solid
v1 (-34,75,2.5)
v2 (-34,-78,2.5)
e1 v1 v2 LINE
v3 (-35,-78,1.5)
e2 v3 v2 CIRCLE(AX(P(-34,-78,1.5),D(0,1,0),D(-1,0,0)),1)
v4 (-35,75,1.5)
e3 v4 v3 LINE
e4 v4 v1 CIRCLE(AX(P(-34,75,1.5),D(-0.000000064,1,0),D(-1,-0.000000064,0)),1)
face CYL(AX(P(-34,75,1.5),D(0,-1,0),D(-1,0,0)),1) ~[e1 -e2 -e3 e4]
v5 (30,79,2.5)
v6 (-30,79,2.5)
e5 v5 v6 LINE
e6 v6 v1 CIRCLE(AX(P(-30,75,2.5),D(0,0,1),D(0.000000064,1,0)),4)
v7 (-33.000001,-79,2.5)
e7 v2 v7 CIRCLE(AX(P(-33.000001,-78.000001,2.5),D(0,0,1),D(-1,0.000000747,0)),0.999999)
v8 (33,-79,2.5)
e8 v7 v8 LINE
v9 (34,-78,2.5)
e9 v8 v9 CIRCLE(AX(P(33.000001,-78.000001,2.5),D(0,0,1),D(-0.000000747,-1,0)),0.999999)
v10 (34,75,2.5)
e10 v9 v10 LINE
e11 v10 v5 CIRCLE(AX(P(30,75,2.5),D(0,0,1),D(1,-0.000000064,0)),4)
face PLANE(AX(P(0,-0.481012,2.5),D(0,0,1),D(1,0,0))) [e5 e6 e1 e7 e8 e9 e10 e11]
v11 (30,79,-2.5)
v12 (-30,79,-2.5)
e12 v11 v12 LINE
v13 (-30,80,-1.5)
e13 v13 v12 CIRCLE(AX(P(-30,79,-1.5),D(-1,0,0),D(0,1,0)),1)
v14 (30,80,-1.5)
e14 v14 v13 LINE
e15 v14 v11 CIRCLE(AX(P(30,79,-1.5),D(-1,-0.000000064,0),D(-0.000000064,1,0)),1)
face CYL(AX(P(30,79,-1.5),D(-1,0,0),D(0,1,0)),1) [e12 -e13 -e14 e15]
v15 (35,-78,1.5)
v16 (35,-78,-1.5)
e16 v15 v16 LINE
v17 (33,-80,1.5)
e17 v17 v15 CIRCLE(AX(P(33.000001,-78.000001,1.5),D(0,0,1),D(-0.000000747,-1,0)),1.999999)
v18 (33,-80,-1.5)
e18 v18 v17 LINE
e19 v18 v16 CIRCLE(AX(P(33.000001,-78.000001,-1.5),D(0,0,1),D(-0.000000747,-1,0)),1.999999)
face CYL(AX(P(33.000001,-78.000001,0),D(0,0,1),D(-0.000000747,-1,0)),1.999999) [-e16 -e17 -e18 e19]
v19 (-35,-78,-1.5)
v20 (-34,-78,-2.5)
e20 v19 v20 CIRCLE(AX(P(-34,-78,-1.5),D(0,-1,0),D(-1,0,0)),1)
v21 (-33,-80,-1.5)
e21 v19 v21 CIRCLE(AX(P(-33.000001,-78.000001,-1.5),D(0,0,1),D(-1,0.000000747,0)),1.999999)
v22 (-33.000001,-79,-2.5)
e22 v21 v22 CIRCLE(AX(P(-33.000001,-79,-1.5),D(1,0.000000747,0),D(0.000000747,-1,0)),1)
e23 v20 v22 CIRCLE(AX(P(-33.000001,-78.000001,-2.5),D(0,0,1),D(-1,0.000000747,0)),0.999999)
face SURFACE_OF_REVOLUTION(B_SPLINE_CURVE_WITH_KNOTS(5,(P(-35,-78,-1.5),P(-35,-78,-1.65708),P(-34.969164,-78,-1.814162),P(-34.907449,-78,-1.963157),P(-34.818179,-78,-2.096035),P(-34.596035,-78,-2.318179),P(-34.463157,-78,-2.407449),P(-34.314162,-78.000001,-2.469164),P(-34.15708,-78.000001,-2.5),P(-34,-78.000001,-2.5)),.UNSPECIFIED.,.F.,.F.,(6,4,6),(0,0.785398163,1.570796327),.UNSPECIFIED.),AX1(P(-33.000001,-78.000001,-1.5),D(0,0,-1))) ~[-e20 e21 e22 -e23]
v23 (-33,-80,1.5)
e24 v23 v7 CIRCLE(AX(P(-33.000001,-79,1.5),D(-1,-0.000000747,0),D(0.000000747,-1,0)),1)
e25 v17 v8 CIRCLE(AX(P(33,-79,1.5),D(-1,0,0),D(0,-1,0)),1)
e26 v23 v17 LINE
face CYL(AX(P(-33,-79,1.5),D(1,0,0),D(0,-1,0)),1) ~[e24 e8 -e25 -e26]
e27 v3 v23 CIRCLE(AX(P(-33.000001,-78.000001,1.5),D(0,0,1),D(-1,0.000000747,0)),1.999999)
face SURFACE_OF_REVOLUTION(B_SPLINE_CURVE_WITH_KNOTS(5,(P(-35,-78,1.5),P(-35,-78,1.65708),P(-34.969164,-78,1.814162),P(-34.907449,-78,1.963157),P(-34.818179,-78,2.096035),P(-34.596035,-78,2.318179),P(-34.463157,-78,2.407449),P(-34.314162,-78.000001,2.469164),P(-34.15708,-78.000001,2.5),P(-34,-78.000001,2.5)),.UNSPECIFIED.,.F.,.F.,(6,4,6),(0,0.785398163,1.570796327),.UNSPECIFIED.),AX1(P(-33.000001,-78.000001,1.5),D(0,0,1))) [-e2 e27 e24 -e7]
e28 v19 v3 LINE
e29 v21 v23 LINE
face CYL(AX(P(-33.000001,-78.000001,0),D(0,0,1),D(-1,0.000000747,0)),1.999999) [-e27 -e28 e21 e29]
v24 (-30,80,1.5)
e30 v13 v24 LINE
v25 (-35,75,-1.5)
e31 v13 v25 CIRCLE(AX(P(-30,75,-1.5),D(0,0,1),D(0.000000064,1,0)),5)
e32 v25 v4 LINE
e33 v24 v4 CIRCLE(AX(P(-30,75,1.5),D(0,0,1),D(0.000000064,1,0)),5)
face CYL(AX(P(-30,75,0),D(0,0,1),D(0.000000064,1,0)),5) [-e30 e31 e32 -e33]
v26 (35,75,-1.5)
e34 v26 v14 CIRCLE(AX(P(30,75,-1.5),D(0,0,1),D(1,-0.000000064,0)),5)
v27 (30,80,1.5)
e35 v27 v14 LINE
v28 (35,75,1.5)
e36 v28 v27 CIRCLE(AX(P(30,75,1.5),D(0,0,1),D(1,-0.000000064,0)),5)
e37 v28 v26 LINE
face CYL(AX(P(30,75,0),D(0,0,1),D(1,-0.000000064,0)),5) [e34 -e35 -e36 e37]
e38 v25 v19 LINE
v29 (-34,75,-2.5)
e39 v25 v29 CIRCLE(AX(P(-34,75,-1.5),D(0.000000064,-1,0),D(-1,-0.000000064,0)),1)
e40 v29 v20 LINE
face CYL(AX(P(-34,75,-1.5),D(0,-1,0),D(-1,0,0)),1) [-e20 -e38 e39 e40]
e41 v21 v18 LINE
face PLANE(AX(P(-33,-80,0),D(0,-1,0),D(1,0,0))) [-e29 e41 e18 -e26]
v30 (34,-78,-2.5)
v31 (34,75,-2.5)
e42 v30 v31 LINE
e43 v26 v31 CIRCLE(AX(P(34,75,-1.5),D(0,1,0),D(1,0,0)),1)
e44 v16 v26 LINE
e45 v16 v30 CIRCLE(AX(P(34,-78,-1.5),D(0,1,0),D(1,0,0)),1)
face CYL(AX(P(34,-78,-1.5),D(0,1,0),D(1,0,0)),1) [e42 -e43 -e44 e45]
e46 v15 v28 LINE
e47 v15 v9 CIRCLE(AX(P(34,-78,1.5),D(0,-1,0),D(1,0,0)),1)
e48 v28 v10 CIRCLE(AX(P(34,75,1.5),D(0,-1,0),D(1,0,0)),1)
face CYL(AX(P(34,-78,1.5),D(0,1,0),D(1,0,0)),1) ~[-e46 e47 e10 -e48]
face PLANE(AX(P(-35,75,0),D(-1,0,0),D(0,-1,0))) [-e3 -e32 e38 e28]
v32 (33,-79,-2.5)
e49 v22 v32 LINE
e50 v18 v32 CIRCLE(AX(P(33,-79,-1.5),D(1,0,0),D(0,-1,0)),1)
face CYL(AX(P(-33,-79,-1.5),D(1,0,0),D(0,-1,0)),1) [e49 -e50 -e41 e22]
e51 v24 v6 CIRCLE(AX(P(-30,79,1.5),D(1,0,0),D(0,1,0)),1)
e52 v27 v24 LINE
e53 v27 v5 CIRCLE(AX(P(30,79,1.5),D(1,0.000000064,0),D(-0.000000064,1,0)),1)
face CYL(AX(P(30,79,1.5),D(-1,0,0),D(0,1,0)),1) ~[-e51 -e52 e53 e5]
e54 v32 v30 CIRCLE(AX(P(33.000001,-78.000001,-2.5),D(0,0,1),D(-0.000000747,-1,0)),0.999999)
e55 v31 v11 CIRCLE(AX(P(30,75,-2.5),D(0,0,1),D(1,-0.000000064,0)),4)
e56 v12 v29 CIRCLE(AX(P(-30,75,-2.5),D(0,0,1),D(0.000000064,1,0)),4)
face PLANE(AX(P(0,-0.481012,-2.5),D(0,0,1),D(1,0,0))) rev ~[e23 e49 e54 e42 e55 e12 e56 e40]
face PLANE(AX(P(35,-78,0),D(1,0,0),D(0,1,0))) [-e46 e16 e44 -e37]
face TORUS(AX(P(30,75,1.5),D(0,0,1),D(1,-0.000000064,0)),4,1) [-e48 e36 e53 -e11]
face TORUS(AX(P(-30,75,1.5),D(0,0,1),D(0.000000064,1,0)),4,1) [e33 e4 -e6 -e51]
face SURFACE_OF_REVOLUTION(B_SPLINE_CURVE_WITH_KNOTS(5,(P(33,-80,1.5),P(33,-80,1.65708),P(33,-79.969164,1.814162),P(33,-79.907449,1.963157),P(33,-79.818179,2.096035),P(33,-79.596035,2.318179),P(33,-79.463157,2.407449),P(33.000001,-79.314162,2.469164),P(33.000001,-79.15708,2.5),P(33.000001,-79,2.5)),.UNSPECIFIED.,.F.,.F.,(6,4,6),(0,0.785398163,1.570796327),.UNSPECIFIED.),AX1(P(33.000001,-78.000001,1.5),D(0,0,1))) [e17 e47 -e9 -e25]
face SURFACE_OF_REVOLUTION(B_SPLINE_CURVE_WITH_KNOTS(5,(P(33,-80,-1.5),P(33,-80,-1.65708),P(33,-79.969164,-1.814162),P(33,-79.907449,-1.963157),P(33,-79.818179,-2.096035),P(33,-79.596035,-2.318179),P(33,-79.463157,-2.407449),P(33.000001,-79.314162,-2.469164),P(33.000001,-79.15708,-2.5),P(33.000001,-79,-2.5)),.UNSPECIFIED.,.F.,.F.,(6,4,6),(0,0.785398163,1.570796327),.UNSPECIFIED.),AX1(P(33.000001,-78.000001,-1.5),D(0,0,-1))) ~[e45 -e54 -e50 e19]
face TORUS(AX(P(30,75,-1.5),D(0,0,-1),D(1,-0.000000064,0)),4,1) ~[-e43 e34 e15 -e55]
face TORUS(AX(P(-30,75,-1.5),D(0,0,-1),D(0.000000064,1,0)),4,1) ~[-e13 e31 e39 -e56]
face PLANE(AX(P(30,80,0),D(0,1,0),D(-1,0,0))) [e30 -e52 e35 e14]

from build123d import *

# Parameters (mm, degrees)
F1_DEPTH = 2.5
F2_R     = 1


with BuildPart() as f1:
    # F0 (on Top) → F1 (new body, symmetric)
    with BuildSketch(Plane.XY):
        with BuildLine():
            Line((30, 80), (-30, 80))
            ThreePointArc((-30, 80), (-33.535534, 78.535534), (-35, 75))
            Line((-35, 75), (-35, -78))
            ThreePointArc((-35, -78), (-34.414214, -79.414214), (-33, -80))
            Line((-33, -80), (33, -80))
            ThreePointArc((33, -80), (34.414214, -79.414214), (35, -78))
            Line((35, -78), (35, 75))
            ThreePointArc((35, 75), (33.535534, 78.535534), (30, 80))
        make_face()
    extrude(amount=F1_DEPTH, both=True)

    # F2
    f2_edges = [f1.edges().sort_by_distance(p)[0] for p in [
        (35, -1.5, -2.5),
        (33.535534, 78.535534, -2.5),
        (0, 80, -2.5),
        (-33.535534, 78.535534, -2.5),
        (-35, -1.5, -2.5),
        (-34.414214, -79.414214, -2.5),
        (0, -80, -2.5),
        (34.414214, -79.414214, -2.5),
        (35, -1.5, 2.5),
        (33.535534, 78.535534, 2.5),
        (0, 80, 2.5),
        (-33.535534, 78.535534, 2.5),
        (-35, -1.5, 2.5),
        (-34.414214, -79.414214, 2.5),
        (0, -80, 2.5),
        (34.414214, -79.414214, 2.5),
    ]]
    fillet(f2_edges, radius=F2_R)


solid = f1.part
